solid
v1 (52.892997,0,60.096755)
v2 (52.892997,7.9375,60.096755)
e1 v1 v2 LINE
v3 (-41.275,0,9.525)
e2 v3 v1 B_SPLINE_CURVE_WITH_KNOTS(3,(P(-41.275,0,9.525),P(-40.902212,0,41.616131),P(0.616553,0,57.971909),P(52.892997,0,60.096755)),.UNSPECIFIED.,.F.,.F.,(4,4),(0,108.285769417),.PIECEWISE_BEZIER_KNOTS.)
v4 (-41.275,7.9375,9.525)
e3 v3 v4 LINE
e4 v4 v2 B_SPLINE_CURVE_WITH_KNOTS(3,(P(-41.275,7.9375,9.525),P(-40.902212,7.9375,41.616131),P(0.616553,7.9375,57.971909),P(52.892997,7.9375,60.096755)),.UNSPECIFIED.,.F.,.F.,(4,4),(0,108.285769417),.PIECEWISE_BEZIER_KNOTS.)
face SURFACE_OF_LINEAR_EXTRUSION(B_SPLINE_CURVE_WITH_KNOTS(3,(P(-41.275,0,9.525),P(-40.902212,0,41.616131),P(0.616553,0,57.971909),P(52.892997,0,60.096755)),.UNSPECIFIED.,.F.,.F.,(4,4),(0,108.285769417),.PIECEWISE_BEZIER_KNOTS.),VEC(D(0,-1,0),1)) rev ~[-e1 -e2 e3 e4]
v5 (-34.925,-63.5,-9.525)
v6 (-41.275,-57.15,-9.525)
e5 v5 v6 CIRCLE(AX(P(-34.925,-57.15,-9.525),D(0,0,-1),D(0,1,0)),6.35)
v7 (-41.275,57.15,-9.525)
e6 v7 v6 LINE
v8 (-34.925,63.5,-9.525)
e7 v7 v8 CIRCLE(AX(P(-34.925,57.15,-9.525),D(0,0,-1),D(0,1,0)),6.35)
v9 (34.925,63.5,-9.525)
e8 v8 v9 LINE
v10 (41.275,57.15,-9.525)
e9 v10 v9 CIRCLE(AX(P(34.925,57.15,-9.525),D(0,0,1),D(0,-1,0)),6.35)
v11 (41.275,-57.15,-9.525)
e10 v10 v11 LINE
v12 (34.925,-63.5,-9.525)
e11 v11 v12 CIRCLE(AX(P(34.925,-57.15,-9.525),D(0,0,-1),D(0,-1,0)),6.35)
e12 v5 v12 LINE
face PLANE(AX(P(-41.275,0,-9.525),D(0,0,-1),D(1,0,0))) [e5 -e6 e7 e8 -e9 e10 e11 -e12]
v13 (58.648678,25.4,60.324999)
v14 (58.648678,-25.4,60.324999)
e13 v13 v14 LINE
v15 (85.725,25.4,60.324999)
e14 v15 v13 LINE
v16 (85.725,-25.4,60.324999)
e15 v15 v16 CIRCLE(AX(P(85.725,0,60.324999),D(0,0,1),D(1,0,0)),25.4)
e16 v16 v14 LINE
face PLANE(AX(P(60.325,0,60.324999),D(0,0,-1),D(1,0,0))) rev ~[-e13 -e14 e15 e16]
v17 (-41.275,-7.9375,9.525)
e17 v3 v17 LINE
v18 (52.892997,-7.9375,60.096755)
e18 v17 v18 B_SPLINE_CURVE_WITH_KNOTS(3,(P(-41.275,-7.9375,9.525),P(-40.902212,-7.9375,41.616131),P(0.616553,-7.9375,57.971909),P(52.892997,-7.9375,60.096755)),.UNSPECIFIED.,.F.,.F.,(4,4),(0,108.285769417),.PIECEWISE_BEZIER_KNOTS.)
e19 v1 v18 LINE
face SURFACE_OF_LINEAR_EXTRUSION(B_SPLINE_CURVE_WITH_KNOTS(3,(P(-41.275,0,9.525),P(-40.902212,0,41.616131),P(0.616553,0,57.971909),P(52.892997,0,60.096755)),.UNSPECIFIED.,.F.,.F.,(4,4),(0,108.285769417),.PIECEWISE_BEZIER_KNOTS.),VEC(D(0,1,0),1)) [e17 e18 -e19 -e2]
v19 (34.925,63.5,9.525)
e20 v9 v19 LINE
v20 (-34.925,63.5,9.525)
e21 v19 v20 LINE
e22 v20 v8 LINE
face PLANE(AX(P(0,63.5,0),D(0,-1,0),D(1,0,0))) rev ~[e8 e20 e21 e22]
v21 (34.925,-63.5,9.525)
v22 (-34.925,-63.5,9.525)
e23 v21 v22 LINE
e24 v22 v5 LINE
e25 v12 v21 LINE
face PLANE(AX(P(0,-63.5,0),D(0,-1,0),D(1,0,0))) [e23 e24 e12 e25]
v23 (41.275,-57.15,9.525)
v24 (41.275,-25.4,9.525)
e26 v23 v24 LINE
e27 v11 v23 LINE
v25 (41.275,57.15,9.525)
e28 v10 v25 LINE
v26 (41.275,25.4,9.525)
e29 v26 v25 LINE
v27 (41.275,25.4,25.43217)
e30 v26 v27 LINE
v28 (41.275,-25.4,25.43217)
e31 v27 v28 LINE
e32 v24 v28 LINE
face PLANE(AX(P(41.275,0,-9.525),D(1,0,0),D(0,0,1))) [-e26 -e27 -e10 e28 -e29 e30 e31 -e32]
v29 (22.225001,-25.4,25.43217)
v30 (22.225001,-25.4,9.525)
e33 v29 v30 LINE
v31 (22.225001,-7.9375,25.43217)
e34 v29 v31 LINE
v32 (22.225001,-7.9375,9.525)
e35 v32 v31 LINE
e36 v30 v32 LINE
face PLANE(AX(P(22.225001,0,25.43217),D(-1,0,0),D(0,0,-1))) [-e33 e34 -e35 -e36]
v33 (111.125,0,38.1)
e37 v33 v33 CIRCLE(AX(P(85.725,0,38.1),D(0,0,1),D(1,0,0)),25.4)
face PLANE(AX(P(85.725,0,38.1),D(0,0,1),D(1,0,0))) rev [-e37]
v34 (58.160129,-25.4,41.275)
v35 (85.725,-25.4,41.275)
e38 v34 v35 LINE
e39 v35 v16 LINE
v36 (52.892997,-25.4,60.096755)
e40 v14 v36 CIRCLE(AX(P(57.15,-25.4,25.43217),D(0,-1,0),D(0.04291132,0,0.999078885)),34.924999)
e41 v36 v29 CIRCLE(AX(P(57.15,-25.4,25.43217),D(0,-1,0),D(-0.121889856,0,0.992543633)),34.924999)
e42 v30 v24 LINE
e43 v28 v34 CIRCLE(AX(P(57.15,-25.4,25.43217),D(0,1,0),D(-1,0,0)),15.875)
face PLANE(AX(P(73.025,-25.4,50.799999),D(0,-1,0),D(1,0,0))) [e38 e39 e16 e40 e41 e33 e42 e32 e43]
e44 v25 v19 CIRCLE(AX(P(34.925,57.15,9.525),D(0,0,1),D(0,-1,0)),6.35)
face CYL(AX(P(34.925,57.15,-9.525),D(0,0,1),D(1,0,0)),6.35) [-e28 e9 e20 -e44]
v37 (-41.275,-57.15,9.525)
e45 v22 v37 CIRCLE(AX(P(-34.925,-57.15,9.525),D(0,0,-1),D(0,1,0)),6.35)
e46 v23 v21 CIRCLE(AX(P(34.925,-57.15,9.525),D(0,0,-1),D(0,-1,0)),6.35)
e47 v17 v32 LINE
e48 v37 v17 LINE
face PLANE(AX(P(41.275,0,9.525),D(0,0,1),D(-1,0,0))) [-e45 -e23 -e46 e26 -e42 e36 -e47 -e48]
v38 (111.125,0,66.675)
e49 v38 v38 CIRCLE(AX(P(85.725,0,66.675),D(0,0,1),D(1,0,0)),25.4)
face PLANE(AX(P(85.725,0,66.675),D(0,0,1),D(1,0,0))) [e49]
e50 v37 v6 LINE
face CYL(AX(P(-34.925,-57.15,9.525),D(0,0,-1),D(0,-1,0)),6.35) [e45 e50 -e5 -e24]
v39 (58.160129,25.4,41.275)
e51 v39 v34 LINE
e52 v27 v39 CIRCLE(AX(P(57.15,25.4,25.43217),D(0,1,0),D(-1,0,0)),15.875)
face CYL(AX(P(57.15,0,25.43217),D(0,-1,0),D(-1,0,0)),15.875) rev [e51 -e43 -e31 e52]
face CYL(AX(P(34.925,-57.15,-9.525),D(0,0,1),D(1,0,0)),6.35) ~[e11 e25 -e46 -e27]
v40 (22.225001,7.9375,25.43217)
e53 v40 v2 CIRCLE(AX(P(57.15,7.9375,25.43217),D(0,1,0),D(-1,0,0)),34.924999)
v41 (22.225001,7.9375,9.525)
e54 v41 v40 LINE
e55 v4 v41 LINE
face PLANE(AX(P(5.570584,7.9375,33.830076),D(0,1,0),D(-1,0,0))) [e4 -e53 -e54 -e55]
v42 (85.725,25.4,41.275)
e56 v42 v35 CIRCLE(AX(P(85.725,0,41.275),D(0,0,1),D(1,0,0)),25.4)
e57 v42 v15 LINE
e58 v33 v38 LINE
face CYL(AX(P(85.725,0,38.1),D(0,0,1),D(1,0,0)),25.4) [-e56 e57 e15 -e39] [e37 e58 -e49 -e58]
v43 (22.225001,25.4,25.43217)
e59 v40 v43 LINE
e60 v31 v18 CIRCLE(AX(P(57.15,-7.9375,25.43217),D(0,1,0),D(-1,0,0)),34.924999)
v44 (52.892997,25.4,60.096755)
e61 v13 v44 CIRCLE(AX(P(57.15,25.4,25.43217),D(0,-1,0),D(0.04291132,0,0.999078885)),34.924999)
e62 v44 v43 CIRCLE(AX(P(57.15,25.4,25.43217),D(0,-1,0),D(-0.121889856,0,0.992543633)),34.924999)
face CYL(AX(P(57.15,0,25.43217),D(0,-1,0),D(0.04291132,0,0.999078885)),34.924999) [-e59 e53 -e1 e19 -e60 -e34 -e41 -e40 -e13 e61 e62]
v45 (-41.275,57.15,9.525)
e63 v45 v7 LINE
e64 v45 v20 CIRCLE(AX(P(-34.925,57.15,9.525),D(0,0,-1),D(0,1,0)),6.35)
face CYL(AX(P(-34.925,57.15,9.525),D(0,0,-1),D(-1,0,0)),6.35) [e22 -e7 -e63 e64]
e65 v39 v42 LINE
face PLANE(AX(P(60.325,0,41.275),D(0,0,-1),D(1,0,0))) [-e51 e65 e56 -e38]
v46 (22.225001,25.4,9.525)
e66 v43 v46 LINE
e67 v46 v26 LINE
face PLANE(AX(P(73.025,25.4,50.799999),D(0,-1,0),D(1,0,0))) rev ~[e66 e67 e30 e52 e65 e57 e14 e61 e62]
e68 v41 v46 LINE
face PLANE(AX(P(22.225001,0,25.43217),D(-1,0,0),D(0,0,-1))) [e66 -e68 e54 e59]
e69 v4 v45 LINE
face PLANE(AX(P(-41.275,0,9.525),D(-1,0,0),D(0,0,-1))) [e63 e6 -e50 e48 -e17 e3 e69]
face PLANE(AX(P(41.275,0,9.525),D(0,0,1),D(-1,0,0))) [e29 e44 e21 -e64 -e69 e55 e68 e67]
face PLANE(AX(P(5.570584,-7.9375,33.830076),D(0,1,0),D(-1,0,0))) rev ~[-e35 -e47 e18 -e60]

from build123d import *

# Parameters (mm, degrees)
F1_DEPTH = 63.5
F2_DEPTH = 25.4
F3_DEPTH = 7.9375
F0_W     = 25.4
F0_H     = 19.0499985942
F4_DEPTH = 25.4
F6_R     = 6.35


with BuildPart() as f1:
    # F0 (on Front) → F1 (new body, symmetric)
    with BuildSketch(Plane.XZ):
        Polygon((-41.275, 9.525), (-41.275, -9.525), (41.275, -9.525), (41.275, 9.525), (22.2250014058, 9.525), align=None)
    extrude(amount=F1_DEPTH, both=True)

    # F0 (on Front) → F2 (join, symmetric)
    with BuildSketch(Plane.XZ):
        with BuildLine():
            Line((22.2250014058, 9.525), (41.275, 9.525))
            Line((41.275, 9.525), (41.275, 25.4321699366))
            ThreePointArc((41.275, 25.4321699366), (46.2876837818, 37.0091173484), (58.1601289922, 41.275))
            Line((58.1601289922, 41.275), (60.325, 41.275))
            Line((60.325, 41.275), (60.325, 60.3249985942))
            Line((60.325, 60.3249985942), (58.6486777751, 60.3249985942))
            ThreePointArc((58.6486777751, 60.3249985942), (55.7661237808, 60.3297402447), (52.8929969389, 60.0967549152))
            ThreePointArc((52.8929969389, 60.0967549152), (30.9924833678, 48.5739038915), (22.2250014058, 25.4321699366))
            Line((22.2250014058, 25.4321699366), (22.2250014058, 9.525))
        make_face()
    extrude(amount=F2_DEPTH, both=True)

    # F0 (on Front) → F3 (join, symmetric)
    with BuildSketch(Plane.XZ):
        with BuildLine():
            add(Edge.make_bspline(
                [(-41.275, 9.525), (-40.9022124169, 41.6161306688), (0.6165533939, 57.971909164), (52.8929969389, 60.0967549152)],
                knots=[0, 0, 0, 0, 108.2857694169, 108.2857694169, 108.2857694169, 108.2857694169], degree=3))
            Line((-41.275, 9.525), (22.2250014058, 9.525))
            Line((22.2250014058, 9.525), (22.2250014058, 25.4321699366))
            ThreePointArc((22.2250014058, 25.4321699366), (30.9924833678, 48.5739038915), (52.8929969389, 60.0967549152))
        make_face()
    extrude(amount=F3_DEPTH, both=True)

    # F0 (on Front) → F4 (join, symmetric)
    with BuildSketch(Plane.XZ):
        with Locations((73.025, 50.7999992971)):
            Rectangle(F0_W, F0_H)
    extrude(amount=F4_DEPTH, both=True)

    # F0 (on Front) → F5 (revolve)
    with BuildSketch(Plane.XZ):
        Polygon((85.725, 66.675), (85.725, 60.3249985942), (85.725, 41.275), (85.725, 38.1), (111.125, 38.1), (111.125, 66.675), align=None)
    revolve(axis=Axis((85.725, 0, 52.3875), (0, 0, 1)))

    # F6
    f6_edges = [f1.edges().sort_by_distance(p)[0] for p in [
        (-41.275, -63.5, 0),
        (41.275, -63.5, 0),
        (41.275, 63.5, 0),
        (-41.275, 63.5, 0),
    ]]
    fillet(f6_edges, radius=F6_R)


solid = f1.part
